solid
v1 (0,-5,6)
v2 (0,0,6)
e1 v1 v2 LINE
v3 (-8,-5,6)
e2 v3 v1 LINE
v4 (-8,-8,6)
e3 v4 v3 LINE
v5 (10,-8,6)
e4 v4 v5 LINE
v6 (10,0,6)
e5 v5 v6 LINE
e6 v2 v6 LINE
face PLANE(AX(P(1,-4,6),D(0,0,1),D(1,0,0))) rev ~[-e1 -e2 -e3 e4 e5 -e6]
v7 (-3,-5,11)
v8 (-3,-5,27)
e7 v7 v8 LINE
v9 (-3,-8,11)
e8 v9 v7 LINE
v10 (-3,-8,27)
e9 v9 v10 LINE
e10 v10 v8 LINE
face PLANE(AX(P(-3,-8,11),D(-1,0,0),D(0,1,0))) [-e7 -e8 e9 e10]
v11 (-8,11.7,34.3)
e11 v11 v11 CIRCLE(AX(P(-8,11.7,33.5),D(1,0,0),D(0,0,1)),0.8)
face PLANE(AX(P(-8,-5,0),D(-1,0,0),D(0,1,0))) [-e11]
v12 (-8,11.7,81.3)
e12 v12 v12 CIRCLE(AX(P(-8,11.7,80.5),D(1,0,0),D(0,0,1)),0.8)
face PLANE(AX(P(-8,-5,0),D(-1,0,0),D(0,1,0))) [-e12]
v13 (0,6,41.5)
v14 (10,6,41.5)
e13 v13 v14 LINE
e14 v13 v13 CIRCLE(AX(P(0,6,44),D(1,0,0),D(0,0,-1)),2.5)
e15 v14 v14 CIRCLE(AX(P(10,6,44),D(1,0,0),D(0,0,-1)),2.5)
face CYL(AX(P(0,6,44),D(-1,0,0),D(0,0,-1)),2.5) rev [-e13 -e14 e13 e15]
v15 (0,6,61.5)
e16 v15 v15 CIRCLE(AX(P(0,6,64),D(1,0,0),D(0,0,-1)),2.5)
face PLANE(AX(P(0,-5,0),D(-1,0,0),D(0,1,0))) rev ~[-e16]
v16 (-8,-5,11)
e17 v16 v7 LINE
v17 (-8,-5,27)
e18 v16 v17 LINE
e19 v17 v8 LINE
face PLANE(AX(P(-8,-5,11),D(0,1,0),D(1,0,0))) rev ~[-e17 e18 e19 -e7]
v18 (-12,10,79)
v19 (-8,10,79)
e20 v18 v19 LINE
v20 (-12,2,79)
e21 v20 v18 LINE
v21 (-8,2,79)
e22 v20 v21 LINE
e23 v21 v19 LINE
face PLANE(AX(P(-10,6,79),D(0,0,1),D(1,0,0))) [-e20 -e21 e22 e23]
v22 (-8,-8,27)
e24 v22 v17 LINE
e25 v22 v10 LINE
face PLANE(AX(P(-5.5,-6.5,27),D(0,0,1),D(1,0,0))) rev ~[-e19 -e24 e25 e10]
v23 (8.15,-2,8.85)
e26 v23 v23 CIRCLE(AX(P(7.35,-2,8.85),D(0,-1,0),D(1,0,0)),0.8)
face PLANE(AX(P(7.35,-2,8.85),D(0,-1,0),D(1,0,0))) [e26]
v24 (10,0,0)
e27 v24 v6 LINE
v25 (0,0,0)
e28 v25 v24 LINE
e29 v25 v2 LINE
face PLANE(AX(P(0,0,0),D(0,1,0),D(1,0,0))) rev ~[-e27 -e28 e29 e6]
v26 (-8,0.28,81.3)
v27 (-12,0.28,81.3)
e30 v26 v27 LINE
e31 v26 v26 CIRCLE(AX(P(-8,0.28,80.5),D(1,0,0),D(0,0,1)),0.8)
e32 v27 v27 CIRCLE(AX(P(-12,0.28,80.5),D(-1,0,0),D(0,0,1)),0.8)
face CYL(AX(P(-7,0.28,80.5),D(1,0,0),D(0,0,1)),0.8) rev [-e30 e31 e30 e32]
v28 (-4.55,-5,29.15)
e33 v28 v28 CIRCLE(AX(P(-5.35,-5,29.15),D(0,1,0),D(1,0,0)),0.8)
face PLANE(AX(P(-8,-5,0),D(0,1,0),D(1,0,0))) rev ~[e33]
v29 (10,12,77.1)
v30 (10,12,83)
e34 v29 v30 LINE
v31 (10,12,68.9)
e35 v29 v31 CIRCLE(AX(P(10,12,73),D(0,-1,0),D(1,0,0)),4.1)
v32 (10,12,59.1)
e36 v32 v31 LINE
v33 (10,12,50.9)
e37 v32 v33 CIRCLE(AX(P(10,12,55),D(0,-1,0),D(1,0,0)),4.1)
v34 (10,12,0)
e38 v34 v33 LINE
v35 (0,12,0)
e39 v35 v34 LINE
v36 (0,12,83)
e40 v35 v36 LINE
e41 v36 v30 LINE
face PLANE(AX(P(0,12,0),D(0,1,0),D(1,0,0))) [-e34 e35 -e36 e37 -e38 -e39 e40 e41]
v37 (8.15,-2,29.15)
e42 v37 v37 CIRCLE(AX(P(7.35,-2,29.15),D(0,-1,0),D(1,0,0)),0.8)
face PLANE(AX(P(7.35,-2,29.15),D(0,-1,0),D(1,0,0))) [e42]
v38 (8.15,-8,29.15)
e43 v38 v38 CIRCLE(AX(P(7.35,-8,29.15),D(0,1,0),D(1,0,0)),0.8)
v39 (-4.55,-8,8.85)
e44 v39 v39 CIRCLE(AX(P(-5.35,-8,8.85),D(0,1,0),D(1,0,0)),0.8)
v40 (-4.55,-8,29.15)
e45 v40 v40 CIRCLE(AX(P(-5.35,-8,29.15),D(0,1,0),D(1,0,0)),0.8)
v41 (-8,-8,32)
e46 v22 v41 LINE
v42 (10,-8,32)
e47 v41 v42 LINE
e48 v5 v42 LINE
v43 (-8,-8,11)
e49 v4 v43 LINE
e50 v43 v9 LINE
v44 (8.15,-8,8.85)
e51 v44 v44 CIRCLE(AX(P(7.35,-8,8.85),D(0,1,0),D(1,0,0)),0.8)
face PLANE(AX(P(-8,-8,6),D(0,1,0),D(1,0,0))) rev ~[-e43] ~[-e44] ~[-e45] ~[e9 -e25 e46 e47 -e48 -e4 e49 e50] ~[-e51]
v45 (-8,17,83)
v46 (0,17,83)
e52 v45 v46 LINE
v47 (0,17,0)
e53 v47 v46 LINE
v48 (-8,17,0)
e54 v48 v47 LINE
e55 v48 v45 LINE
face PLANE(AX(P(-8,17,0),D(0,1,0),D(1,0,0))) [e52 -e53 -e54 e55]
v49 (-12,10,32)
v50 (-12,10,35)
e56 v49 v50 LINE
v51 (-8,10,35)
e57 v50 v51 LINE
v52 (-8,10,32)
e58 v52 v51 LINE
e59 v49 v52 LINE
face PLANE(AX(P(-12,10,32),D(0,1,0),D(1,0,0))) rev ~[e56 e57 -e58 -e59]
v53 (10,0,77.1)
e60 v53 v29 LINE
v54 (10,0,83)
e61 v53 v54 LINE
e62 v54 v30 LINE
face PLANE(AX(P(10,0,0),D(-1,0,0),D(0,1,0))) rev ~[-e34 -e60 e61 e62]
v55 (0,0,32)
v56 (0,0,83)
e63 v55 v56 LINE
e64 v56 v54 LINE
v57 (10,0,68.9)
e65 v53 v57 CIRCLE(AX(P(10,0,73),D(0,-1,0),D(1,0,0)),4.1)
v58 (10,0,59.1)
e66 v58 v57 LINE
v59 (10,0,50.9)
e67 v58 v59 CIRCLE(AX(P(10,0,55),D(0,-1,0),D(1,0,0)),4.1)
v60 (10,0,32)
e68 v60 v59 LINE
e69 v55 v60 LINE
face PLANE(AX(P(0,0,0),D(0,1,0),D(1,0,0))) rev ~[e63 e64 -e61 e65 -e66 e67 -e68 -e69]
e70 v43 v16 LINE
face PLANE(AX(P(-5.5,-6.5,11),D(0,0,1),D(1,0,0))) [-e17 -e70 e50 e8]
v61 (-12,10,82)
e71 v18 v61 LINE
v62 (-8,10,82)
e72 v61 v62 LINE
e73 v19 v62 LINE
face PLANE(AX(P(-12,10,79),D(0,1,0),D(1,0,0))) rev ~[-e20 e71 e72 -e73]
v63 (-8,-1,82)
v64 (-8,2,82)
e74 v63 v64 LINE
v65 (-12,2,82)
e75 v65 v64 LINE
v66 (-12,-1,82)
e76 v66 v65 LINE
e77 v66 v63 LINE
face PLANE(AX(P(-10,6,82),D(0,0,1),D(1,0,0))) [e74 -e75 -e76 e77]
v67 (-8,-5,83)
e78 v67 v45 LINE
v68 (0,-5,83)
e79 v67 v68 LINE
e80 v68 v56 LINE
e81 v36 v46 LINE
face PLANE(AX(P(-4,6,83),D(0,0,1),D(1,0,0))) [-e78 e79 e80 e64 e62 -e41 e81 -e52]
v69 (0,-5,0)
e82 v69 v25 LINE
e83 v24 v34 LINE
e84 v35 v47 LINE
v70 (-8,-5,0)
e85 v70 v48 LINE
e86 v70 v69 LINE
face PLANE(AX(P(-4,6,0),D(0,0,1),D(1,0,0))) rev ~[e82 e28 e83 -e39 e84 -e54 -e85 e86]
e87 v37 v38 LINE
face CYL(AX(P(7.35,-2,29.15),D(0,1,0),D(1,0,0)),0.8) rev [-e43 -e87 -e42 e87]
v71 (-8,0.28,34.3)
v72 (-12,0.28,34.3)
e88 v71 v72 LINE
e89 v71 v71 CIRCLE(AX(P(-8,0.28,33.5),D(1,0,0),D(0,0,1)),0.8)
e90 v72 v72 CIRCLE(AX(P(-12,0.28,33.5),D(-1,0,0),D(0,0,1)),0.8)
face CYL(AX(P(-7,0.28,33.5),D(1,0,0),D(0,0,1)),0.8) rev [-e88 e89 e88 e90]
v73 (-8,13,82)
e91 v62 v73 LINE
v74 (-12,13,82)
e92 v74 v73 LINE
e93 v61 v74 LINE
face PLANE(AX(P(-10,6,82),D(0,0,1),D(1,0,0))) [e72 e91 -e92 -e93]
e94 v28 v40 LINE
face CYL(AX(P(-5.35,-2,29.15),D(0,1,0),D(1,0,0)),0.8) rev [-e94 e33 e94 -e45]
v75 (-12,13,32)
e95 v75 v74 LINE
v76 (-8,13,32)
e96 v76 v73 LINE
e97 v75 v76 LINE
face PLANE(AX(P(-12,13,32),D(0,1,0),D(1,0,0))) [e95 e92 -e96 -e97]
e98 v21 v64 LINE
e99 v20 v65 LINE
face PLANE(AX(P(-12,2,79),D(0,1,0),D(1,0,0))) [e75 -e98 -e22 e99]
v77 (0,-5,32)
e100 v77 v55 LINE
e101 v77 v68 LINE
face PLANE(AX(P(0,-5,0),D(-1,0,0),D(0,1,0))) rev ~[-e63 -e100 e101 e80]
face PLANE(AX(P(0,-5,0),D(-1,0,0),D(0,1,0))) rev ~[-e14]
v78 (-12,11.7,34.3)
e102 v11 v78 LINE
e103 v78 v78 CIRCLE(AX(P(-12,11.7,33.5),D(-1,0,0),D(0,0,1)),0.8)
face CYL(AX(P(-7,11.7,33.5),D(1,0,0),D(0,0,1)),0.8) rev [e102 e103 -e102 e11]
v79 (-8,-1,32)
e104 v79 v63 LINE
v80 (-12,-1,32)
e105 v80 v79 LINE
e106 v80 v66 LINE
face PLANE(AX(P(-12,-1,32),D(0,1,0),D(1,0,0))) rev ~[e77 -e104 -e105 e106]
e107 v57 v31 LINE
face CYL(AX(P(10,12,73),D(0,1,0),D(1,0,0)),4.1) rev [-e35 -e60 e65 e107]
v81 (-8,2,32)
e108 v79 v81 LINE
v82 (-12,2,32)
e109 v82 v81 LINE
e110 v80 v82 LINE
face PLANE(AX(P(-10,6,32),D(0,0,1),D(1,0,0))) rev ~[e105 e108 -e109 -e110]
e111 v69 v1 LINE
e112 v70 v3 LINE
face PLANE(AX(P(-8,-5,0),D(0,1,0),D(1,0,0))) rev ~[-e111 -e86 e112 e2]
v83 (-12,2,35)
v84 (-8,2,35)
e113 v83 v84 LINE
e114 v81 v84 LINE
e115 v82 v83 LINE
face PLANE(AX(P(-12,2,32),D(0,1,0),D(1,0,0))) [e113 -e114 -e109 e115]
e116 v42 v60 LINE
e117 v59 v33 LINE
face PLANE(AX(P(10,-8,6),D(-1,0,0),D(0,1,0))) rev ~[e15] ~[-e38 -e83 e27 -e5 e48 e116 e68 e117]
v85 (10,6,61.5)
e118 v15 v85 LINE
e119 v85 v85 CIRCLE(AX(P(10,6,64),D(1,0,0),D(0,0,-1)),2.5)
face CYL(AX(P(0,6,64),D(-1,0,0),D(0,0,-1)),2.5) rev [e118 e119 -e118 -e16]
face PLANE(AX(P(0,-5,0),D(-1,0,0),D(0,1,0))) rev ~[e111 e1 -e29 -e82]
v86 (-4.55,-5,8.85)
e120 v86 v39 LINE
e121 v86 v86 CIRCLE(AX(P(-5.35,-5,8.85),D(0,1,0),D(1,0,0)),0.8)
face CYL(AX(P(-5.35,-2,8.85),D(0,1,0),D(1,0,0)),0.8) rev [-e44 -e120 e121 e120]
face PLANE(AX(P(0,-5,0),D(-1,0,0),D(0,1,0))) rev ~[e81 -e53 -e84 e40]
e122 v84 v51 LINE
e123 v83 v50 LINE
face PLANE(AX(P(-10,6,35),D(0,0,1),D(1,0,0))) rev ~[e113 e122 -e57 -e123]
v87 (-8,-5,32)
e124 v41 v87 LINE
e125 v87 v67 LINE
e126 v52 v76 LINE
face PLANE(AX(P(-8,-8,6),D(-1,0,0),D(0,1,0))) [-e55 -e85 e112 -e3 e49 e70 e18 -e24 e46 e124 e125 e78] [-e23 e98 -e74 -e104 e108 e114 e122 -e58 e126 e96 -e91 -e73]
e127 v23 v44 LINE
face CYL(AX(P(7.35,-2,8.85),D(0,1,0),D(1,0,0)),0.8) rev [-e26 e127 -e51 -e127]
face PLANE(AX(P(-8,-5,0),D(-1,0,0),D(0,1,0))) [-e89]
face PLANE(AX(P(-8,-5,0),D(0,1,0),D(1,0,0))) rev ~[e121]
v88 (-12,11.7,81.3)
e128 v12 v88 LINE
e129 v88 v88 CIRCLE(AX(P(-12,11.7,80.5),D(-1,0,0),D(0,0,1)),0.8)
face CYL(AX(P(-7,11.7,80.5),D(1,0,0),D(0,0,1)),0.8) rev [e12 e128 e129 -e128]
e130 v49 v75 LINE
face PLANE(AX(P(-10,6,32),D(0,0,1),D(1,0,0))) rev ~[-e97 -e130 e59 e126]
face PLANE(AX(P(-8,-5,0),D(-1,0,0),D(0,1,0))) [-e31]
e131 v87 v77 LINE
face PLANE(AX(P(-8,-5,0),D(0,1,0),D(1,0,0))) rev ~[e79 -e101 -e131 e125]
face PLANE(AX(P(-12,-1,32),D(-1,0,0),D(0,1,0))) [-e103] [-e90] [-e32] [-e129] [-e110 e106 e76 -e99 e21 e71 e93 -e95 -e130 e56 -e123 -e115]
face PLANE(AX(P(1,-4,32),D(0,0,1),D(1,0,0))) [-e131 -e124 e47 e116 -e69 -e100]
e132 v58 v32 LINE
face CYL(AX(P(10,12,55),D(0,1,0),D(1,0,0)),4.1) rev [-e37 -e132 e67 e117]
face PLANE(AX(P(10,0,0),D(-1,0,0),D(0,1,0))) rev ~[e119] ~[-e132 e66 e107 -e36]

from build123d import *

# Parameters (mm, degrees)
CYLINDER035_R     = 2.5
CYLINDER035_DEPTH = 10
CYLINDER034_R     = 2.5
CYLINDER034_DEPTH = 10
CYLINDER023_R     = 4.1
CYLINDER023_DEPTH = 12
CYLINDER008_R     = 4.1
CYLINDER008_DEPTH = 12
BOX001_W          = 10
BOX001_H          = 12
BOX001_DEPTH      = 83
BOX007_W          = 5
BOX007_H          = 3
BOX007_DEPTH      = 16
CYLINDER027_R     = 0.8
CYLINDER027_DEPTH = 10
CYLINDER028_R     = 0.8
CYLINDER028_DEPTH = 10
CYLINDER029_R     = 0.8
CYLINDER029_DEPTH = 10
CYLINDER_R        = 0.8
CYLINDER_DEPTH    = 10
BOX003_W          = 18
BOX003_H          = 8
BOX003_DEPTH      = 26
CYLINDER031_R     = 0.8
CYLINDER031_DEPTH = 5
CYLINDER032_R     = 0.8
CYLINDER032_DEPTH = 5
CYLINDER033_R     = 0.8
CYLINDER033_DEPTH = 5
CYLINDER030_R     = 0.8
CYLINDER030_DEPTH = 5
BOX006_W          = 4
BOX006_H          = 8
BOX006_DEPTH      = 3
BOX009_W          = 4
BOX009_H          = 8
BOX009_DEPTH      = 3
BOX005_W          = 4
BOX005_H          = 14
BOX005_DEPTH      = 50
BOX004_W          = 8
BOX004_H          = 22
BOX004_DEPTH      = 83


with BuildPart() as screwhole001:
    # Cylinder035 → Cylinder035 (new body)
    with BuildSketch(Plane(origin=(0, 6, 44), x_dir=(0, 0, -1), z_dir=(1, 0, 0))):
        Circle(CYLINDER035_R)
    extrude(amount=CYLINDER035_DEPTH)


with BuildPart() as fusion:
    # Cylinder034 → Cylinder034 (new body)
    with BuildSketch(Plane(origin=(0, 6, 64), x_dir=(0, 0, -1), z_dir=(1, 0, 0))):
        Circle(CYLINDER034_R)
    extrude(amount=CYLINDER034_DEPTH)

    # Fusion: union ScrewHole001
    add(screwhole001.part)


with BuildPart() as polea1:
    # Cylinder023 → Cylinder023 (new body)
    with BuildSketch(Plane(origin=(10, 12, 73), x_dir=(1, 0, 0), z_dir=(0, -1, 0))):
        Circle(CYLINDER023_R)
    extrude(amount=CYLINDER023_DEPTH)


with BuildPart() as polea2:
    # Cylinder008 → Cylinder008 (new body)
    with BuildSketch(Plane(origin=(10, 12, 55), x_dir=(1, 0, 0), z_dir=(0, -1, 0))):
        Circle(CYLINDER008_R)
    extrude(amount=CYLINDER008_DEPTH)


with BuildPart() as clampsidea:
    # Box001 → Box001 (new body)
    with BuildSketch(Plane.XY):
        with Locations((5, 6)):
            Rectangle(BOX001_W, BOX001_H)
    extrude(amount=BOX001_DEPTH)

    # Cut005: cut PoleA2
    add(polea2.part, mode=Mode.SUBTRACT)

    # Cut015: cut PoleA1
    add(polea1.part, mode=Mode.SUBTRACT)

    # Cut016: cut Fusion
    add(fusion.part, mode=Mode.SUBTRACT)


with BuildPart() as cut015:
    # Box007 → Box007 (new body)
    with BuildSketch(Plane(origin=(-8, -8, 11), x_dir=(1, 0, 0), z_dir=(0, 0, 1))):
        with Locations((2.5, 1.5)):
            Rectangle(BOX007_W, BOX007_H)
    extrude(amount=BOX007_DEPTH)


with BuildPart() as ada_hole002:
    # Cylinder027 → Cylinder027 (new body)
    with BuildSketch(Plane(origin=(-5.35, -2, 8.85), x_dir=(1, 0, 0), z_dir=(0, -1, 0))):
        Circle(CYLINDER027_R)
    extrude(amount=CYLINDER027_DEPTH)


with BuildPart() as ada_hole003:
    # Cylinder028 → Cylinder028 (new body)
    with BuildSketch(Plane(origin=(7.35, -2, 29.15), x_dir=(1, 0, 0), z_dir=(0, -1, 0))):
        Circle(CYLINDER028_R)
    extrude(amount=CYLINDER028_DEPTH)


with BuildPart() as ada_hole004:
    # Cylinder029 → Cylinder029 (new body)
    with BuildSketch(Plane(origin=(-5.35, -2, 29.15), x_dir=(1, 0, 0), z_dir=(0, -1, 0))):
        Circle(CYLINDER029_R)
    extrude(amount=CYLINDER029_DEPTH)


with BuildPart() as ada_holes:
    # Cylinder → Cylinder (new body)
    with BuildSketch(Plane(origin=(7.35, -2, 8.85), x_dir=(1, 0, 0), z_dir=(0, -1, 0))):
        Circle(CYLINDER_R)
    extrude(amount=CYLINDER_DEPTH)

    # Fusion007: union ada hole002, ada hole003, ada hole004
    add(ada_hole002.part)
    add(ada_hole003.part)
    add(ada_hole004.part)


with BuildPart() as ada_plain_with_holes:
    # Box003 → Box003 (new body)
    with BuildSketch(Plane(origin=(-8, -8, 6), x_dir=(1, 0, 0), z_dir=(0, 0, 1))):
        with Locations((9, 4)):
            Rectangle(BOX003_W, BOX003_H)
    extrude(amount=BOX003_DEPTH)

    # Cut011: cut ada holes
    add(ada_holes.part, mode=Mode.SUBTRACT)

    # Cut014: cut Cut015
    add(cut015.part, mode=Mode.SUBTRACT)


with BuildPart() as pihole006:
    # Cylinder031 → Cylinder031 (new body)
    with BuildSketch(Plane(origin=(-3, 11.7, 2.5), x_dir=(0, 0, 1), z_dir=(-1, 0, 0))):
        Circle(CYLINDER031_R)
    extrude(amount=CYLINDER031_DEPTH)


with BuildPart() as pihole007:
    # Cylinder032 → Cylinder032 (new body)
    with BuildSketch(Plane(origin=(-3, 0.28, 49.5), x_dir=(0, 0, 1), z_dir=(-1, 0, 0))):
        Circle(CYLINDER032_R)
    extrude(amount=CYLINDER032_DEPTH)


with BuildPart() as pihole008:
    # Cylinder033 → Cylinder033 (new body)
    with BuildSketch(Plane(origin=(-3, 11.7, 49.5), x_dir=(0, 0, 1), z_dir=(-1, 0, 0))):
        Circle(CYLINDER033_R)
    extrude(amount=CYLINDER033_DEPTH)


with BuildPart() as pi_holes001:
    # Cylinder030 → Cylinder030 (new body)
    with BuildSketch(Plane(origin=(-3, 0.28, 2.5), x_dir=(0, 0, 1), z_dir=(-1, 0, 0))):
        Circle(CYLINDER030_R)
    extrude(amount=CYLINDER030_DEPTH)

    # Fusion008: union PiHole006, PiHole007, PiHole008
    add(pihole006.part)
    add(pihole007.part)
    add(pihole008.part)


with BuildPart() as pi_holes001_1:
    # Fusion008 placement: moved
    add(pi_holes001.part.moved(Location((-4, 0, 31))))


with BuildPart() as headercut1:
    # Box006 → Box006 (new body)
    with BuildSketch(Plane(origin=(-12, 2, 32), x_dir=(1, 0, 0), z_dir=(0, 0, 1))):
        with Locations((2, 4)):
            Rectangle(BOX006_W, BOX006_H)
    extrude(amount=BOX006_DEPTH)


with BuildPart() as headercut:
    # Box009 → Box009 (new body)
    with BuildSketch(Plane(origin=(-12, 2, 79), x_dir=(1, 0, 0), z_dir=(0, 0, 1))):
        with Locations((2, 4)):
            Rectangle(BOX009_W, BOX009_H)
    extrude(amount=BOX009_DEPTH)

    # Fusion009: union HeaderCut1
    add(headercut1.part)


with BuildPart() as cut018:
    # Box005 → Box005 (new body)
    with BuildSketch(Plane(origin=(-12, -1, 32), x_dir=(1, 0, 0), z_dir=(0, 0, 1))):
        with Locations((2, 7)):
            Rectangle(BOX005_W, BOX005_H)
    extrude(amount=BOX005_DEPTH)

    # Cut017: cut headercut
    add(headercut.part, mode=Mode.SUBTRACT)

    # Cut018: cut pi holes001
    add(pi_holes001_1.part, mode=Mode.SUBTRACT)


with BuildPart() as drucka:
    # Box004 → Box004 (new body)
    with BuildSketch(Plane(origin=(-8, -5, 0), x_dir=(1, 0, 0), z_dir=(0, 0, 1))):
        with Locations((4, 11)):
            Rectangle(BOX004_W, BOX004_H)
    extrude(amount=BOX004_DEPTH)

    # Fusion010: union Cut018
    add(cut018.part)

    # Fusion012: union ClampSideA, ada plain with holes
    add(clampsidea.part)
    add(ada_plain_with_holes.part)


solid = drucka.part
